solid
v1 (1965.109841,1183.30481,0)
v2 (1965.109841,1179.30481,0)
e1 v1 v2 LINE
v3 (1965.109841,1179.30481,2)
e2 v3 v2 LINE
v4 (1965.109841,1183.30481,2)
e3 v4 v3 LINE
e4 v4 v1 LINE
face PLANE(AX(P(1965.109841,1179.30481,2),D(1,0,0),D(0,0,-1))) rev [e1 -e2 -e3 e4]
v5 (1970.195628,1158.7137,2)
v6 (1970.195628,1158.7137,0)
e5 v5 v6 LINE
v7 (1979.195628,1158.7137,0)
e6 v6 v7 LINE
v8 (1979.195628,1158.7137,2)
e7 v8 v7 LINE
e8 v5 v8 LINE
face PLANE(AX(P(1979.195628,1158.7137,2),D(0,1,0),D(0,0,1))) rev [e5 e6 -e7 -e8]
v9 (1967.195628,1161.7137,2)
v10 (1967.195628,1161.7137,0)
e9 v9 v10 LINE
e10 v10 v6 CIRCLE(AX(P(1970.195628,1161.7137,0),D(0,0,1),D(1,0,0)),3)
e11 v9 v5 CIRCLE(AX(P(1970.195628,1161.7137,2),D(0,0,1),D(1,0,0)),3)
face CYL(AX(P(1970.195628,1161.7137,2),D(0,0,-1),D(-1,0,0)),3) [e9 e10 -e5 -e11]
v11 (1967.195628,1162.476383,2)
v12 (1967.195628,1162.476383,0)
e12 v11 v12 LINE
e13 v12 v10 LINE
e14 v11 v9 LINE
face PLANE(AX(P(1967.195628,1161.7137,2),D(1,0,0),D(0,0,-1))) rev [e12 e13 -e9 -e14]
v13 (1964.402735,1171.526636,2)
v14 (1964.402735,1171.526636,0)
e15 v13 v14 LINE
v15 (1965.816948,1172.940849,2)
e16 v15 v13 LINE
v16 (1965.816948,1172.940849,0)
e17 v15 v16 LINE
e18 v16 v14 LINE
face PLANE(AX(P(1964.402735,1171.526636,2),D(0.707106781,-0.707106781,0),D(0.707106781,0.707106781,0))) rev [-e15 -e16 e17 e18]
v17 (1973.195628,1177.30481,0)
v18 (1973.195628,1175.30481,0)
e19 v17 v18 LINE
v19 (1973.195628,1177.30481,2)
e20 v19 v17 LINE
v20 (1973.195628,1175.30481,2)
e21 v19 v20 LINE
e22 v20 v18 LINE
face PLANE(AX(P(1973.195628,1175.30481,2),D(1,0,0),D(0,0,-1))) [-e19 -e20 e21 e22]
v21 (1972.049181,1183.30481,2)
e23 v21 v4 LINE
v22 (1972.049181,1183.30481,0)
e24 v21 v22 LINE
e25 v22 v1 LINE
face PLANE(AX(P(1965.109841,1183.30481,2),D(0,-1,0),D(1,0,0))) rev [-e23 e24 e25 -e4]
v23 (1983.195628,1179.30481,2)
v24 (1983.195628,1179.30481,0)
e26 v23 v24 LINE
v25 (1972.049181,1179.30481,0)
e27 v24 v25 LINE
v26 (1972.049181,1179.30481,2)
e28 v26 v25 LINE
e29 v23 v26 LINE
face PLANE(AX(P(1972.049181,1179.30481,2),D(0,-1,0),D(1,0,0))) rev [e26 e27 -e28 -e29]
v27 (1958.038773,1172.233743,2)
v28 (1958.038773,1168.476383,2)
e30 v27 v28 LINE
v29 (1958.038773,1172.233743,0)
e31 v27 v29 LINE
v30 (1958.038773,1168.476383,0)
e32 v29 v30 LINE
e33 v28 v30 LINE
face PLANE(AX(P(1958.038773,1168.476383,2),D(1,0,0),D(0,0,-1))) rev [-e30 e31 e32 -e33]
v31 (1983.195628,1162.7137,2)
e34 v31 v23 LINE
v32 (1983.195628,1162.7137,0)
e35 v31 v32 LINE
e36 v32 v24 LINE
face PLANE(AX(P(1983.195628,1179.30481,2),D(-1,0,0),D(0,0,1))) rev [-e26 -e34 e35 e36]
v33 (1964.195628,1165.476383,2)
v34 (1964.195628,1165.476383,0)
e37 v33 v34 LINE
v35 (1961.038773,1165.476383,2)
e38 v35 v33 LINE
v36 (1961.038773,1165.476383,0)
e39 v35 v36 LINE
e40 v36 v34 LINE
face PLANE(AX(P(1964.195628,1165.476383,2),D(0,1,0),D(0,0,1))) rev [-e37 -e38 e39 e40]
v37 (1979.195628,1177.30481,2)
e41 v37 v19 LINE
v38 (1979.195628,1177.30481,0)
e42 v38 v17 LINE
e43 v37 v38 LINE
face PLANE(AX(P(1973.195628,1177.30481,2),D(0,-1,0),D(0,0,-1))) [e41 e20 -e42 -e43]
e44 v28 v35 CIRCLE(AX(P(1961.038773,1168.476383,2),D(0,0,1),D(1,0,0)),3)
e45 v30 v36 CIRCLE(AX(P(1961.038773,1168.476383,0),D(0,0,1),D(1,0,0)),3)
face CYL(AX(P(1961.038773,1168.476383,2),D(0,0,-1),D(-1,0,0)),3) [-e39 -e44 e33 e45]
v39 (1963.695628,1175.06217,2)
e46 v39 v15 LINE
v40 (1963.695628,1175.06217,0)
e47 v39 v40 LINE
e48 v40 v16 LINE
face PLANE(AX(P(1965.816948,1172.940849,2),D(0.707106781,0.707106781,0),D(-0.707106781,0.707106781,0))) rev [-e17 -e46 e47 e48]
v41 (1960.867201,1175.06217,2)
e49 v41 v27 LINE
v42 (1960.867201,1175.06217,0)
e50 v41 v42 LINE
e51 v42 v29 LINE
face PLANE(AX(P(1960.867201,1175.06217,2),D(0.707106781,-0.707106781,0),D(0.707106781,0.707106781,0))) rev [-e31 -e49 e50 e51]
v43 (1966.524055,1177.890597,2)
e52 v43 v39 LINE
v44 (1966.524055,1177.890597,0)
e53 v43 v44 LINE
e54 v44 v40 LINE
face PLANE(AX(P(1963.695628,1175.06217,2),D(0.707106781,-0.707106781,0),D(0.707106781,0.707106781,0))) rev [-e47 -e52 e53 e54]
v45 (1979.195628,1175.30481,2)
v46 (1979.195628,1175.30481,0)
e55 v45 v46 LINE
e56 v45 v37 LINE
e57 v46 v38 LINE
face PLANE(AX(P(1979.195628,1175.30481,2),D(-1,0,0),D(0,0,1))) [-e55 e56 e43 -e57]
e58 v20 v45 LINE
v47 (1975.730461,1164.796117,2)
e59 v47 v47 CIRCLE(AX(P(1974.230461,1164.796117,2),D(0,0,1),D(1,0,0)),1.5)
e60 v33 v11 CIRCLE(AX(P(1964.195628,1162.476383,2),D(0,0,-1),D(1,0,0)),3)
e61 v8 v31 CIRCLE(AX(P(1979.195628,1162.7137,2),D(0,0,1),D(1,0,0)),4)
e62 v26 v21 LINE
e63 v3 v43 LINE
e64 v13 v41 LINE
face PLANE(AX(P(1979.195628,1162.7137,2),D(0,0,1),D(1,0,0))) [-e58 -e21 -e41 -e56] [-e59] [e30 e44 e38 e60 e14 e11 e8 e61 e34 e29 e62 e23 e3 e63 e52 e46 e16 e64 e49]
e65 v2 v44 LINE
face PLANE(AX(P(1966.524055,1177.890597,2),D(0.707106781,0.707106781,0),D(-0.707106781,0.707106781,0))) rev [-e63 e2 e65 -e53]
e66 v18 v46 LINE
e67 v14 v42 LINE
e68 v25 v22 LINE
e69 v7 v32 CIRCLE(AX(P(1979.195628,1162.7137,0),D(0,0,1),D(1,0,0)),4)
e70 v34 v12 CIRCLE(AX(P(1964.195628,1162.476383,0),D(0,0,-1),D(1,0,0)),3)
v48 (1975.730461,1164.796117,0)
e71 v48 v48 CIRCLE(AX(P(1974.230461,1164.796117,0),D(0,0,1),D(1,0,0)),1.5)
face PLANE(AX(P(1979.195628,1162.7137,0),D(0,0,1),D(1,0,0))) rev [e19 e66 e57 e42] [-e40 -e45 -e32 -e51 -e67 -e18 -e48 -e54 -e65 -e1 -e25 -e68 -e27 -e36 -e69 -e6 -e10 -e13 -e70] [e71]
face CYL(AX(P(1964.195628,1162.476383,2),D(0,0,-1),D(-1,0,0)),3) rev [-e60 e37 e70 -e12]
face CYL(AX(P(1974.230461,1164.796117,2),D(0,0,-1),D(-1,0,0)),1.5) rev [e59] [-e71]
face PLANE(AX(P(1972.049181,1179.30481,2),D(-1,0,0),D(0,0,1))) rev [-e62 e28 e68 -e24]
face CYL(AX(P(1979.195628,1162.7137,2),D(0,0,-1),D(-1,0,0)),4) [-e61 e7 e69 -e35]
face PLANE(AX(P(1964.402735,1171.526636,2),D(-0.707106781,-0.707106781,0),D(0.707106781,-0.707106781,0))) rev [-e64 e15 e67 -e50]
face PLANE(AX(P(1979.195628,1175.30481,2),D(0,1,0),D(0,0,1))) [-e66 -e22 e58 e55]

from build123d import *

# Parameters (mm, degrees)
MODEL_R             = 1.5
MODEL_W             = 6
MODEL_H             = 2
BOSS_EXTRUDE1_DEPTH = 2


with BuildPart() as part:
    # Model → Boss-Extrude1 (new body)
    with BuildSketch(Plane.XY):
        with BuildLine():
            Line((1964.402734505, 1171.526635788), (1960.867200599, 1175.062169694))
            Line((1960.867200599, 1175.062169694), (1958.038773475, 1172.23374257))
            Line((1958.038773475, 1172.23374257), (1958.038773475, 1168.476383257))
            ThreePointArc((1958.038773475, 1168.476383257), (1958.917453131, 1166.355062913), (1961.038773475, 1165.476383257))
            Line((1961.038773475, 1165.476383257), (1963.867200599, 1165.476383257))
            Line((1963.867200599, 1165.476383257), (1964.195627724, 1165.476383257))
            ThreePointArc((1964.195627724, 1165.476383257), (1966.316948068, 1164.5977036), (1967.195627724, 1162.476383257))
            Line((1967.195627724, 1162.476383257), (1967.195627724, 1161.713700328))
            ThreePointArc((1967.195627724, 1161.713700328), (1968.074307381, 1159.592379984), (1970.195627724, 1158.713700328))
            Line((1970.195627724, 1158.713700328), (1979.195627724, 1158.713700328))
            ThreePointArc((1979.195627724, 1158.713700328), (1982.024054849, 1159.885273203), (1983.195627724, 1162.713700328))
            Line((1983.195627724, 1162.713700328), (1983.195627724, 1179.304810381))
            Line((1983.195627724, 1179.304810381), (1972.049181115, 1179.304810381))
            Line((1972.049181115, 1179.304810381), (1972.049181115, 1183.304810381))
            Line((1972.049181115, 1183.304810381), (1965.109841287, 1183.304810381))
            Line((1965.109841287, 1183.304810381), (1965.109841287, 1179.304810381))
            Line((1965.109841287, 1179.304810381), (1966.524054849, 1177.890596819))
            Line((1966.524054849, 1177.890596819), (1963.695627724, 1175.062169694))
            Line((1963.695627724, 1175.062169694), (1965.816948068, 1172.940849351))
            Line((1965.816948068, 1172.940849351), (1964.402734505, 1171.526635788))
        make_face()
        with Locations((1974.230460889, 1164.796116562)):
            Circle(MODEL_R, mode=Mode.SUBTRACT)
        with Locations((1976.195627724, 1176.304810381)):
            Rectangle(MODEL_W, MODEL_H, mode=Mode.SUBTRACT)
    extrude(amount=BOSS_EXTRUDE1_DEPTH)


solid = part.part
